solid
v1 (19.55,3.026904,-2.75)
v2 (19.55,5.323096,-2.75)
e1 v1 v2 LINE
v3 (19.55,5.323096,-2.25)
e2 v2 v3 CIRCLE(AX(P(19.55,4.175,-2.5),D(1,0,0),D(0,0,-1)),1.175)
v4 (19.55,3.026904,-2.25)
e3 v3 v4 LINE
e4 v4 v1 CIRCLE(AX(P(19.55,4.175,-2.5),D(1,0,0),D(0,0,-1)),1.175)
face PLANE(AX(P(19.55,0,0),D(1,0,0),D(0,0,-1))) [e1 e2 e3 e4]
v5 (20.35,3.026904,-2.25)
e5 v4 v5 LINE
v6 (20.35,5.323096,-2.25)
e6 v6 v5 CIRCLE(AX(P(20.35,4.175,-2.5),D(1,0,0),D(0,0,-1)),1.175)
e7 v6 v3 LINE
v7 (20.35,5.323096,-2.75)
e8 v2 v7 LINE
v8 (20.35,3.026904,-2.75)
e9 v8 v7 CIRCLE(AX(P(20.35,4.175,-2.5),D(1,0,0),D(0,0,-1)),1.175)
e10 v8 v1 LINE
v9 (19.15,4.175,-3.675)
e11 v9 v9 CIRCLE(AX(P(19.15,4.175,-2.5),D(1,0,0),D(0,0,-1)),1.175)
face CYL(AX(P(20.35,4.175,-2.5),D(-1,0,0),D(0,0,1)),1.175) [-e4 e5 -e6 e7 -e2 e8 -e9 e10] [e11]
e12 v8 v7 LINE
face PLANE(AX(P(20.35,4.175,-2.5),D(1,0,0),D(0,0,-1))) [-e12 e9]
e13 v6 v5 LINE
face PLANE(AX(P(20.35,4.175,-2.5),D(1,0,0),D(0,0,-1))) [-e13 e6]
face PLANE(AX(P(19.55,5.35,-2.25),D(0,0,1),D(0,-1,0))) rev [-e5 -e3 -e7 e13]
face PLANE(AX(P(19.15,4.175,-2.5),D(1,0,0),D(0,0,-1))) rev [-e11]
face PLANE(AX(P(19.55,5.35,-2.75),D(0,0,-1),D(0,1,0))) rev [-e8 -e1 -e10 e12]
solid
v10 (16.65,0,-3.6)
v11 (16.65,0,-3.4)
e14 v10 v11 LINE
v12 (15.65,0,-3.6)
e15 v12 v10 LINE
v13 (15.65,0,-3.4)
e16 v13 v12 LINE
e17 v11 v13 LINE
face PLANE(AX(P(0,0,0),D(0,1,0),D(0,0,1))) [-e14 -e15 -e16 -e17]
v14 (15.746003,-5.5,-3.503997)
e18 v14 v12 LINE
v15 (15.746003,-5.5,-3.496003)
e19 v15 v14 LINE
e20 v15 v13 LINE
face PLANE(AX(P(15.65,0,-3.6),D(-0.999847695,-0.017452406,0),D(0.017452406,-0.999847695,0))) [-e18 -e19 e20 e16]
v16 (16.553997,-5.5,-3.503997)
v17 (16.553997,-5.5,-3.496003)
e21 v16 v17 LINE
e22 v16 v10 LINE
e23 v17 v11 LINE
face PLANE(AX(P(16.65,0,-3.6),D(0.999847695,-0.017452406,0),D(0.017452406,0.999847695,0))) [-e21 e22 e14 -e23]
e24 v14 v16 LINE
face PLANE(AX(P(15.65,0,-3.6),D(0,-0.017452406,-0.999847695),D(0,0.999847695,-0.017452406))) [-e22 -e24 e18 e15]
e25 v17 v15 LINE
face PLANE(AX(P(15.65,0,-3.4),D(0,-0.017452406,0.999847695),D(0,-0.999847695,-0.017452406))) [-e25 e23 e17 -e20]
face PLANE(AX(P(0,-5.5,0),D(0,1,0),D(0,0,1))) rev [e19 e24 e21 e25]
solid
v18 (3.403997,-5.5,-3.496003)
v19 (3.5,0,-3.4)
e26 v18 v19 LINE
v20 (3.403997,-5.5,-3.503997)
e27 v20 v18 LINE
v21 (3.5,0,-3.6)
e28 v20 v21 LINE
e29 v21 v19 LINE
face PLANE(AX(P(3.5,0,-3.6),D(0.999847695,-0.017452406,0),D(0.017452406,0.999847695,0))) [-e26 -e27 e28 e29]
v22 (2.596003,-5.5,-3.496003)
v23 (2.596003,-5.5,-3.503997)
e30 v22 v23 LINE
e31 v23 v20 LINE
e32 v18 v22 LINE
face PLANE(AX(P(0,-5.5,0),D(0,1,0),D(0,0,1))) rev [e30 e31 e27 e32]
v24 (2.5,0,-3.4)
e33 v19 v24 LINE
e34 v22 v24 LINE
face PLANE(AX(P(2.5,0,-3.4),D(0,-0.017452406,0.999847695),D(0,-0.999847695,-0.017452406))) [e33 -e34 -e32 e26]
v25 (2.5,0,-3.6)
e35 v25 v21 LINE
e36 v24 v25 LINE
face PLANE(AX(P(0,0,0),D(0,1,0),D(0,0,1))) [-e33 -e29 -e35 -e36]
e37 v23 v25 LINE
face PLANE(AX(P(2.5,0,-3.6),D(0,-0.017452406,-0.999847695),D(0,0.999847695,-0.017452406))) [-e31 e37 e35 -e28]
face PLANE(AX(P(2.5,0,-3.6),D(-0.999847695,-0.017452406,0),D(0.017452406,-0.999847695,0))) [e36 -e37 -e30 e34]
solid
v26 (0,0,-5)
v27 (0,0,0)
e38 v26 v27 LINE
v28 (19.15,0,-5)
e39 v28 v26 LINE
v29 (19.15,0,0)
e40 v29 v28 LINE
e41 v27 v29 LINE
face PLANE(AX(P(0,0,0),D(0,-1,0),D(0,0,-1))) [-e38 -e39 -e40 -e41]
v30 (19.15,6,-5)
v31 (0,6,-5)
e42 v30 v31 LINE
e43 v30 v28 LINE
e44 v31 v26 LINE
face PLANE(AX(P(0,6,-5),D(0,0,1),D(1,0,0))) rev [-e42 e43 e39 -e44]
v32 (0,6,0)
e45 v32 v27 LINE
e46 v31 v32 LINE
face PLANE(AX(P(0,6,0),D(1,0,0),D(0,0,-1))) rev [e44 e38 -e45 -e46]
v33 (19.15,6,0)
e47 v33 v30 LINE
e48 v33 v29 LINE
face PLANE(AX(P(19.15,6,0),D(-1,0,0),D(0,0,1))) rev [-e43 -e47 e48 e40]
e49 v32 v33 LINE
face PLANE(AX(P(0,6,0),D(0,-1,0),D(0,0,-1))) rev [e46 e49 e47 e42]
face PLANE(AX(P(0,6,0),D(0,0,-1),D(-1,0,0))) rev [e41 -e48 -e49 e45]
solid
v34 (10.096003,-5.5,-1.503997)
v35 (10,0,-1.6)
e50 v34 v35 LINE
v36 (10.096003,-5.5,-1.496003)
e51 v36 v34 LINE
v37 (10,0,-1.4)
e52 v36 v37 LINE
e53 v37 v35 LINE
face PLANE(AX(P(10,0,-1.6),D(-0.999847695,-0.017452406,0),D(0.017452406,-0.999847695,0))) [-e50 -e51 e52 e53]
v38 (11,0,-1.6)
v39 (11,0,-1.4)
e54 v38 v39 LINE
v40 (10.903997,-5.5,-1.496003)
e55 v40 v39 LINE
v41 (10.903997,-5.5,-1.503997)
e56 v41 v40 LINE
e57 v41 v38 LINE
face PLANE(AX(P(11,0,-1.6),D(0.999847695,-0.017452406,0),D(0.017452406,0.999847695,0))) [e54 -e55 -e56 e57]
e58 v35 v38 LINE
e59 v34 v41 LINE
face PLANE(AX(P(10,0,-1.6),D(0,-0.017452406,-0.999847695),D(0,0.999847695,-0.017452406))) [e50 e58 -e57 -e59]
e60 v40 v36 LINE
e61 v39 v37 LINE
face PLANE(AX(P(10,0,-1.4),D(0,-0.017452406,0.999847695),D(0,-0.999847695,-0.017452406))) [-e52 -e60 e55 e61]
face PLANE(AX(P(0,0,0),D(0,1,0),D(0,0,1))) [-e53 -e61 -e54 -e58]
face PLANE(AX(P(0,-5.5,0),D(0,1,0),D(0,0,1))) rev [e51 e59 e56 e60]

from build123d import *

# Parameters (mm, degrees)
SKETCH1_W                     = 19.15
SKETCH1_H                     = 5
BOSS_EXTRUDE1_DEPTH           = 6
SKETCH3_R                     = 1.175
BOSS_EXTRUDE2_DEPTH           = 1.2
SKETCH4_W                     = 0.5
SKETCH4_H                     = 2.35
CUT_EXTRUDE1_DEPTH            = 0.8
SKETCH5_W                     = 1
SKETCH5_H                     = 0.2
BOSS_EXTRUDE3_DEPTH           = 5.5
BOSS_EXTRUDE3_DRAFT           = 1
BOSS_EXTRUDE3_PROFILE_2_DEPTH = 5.5
BOSS_EXTRUDE3_PROFILE_2_DRAFT = 1
BOSS_EXTRUDE3_PROFILE_3_DEPTH = 5.5
BOSS_EXTRUDE3_PROFILE_3_DRAFT = 1


with BuildPart() as part:
    # Sketch1 → Boss-Extrude1 (new body)
    with BuildSketch(Plane(origin=(0, 0, 0), x_dir=(1, 0, 0), z_dir=(0, 1, 0))):
        with Locations((9.575, 2.5)):
            Rectangle(SKETCH1_W, SKETCH1_H)
    extrude(amount=BOSS_EXTRUDE1_DEPTH)


with BuildPart() as body_2:
    # Sketch3 → Boss-Extrude2 (new body)
    with BuildSketch(Plane(origin=(19.15, 0, 0), x_dir=(0, 0, -1), z_dir=(1, 0, 0))):
        with Locations((2.5, 4.175)):
            Circle(SKETCH3_R)
    extrude(amount=BOSS_EXTRUDE2_DEPTH)

    # Sketch4 → Cut-Extrude1 (cut)
    with BuildSketch(Plane(origin=(20.35, 0, 0), x_dir=(0, 0, -1), z_dir=(1, 0, 0))):
        with Locations((2.5, 4.175)):
            Rectangle(SKETCH4_W, SKETCH4_H)
    extrude(amount=-CUT_EXTRUDE1_DEPTH, mode=Mode.SUBTRACT)


with BuildPart() as body_3:
    # Sketch5 → Boss-Extrude3 (with draft: the straight prism first)
    with BuildSketch(Plane.XZ):
        with Locations((3, -3.5)):
            Rectangle(SKETCH5_W, SKETCH5_H)
    extrude(amount=BOSS_EXTRUDE3_DEPTH)
    # Boss-Extrude3: the draft: its side faces are tilted about the plane it starts from
    boss_extrude3_sides = [body_3.faces().sort_by_distance(p)[0] for p in [
        (3, -2.75, -3.6),
        (3.5, -2.75, -3.5),
        (3, -2.75, -3.4),
        (2.5, -2.75, -3.5),
    ]]
    draft(boss_extrude3_sides, Plane.XZ, BOSS_EXTRUDE3_DRAFT)


with BuildPart() as body_4:
    # Sketch5 → Boss-Extrude3 profile 2 (with draft: the straight prism first)
    with BuildSketch(Plane.XZ):
        with Locations((10.5, -1.5)):
            Rectangle(SKETCH5_W, SKETCH5_H)
    extrude(amount=BOSS_EXTRUDE3_PROFILE_2_DEPTH)
    # Boss-Extrude3 profile 2: the draft: its side faces are tilted about the plane it starts from
    boss_extrude3_profile_2_sides = [body_4.faces().sort_by_distance(p)[0] for p in [
        (10.5, -2.75, -1.6),
        (11, -2.75, -1.5),
        (10.5, -2.75, -1.4),
        (10, -2.75, -1.5),
    ]]
    draft(boss_extrude3_profile_2_sides, Plane.XZ, BOSS_EXTRUDE3_PROFILE_2_DRAFT)


with BuildPart() as body_5:
    # Sketch5 → Boss-Extrude3 profile 3 (with draft: the straight prism first)
    with BuildSketch(Plane.XZ):
        with Locations((16.15, -3.5)):
            Rectangle(SKETCH5_W, SKETCH5_H)
    extrude(amount=BOSS_EXTRUDE3_PROFILE_3_DEPTH)
    # Boss-Extrude3 profile 3: the draft: its side faces are tilted about the plane it starts from
    boss_extrude3_profile_3_sides = [body_5.faces().sort_by_distance(p)[0] for p in [
        (16.15, -2.75, -3.6),
        (16.65, -2.75, -3.5),
        (16.15, -2.75, -3.4),
        (15.65, -2.75, -3.5),
    ]]
    draft(boss_extrude3_profile_3_sides, Plane.XZ, BOSS_EXTRUDE3_PROFILE_3_DRAFT)


solid = Compound([part.part, body_2.part, body_3.part, body_4.part, body_5.part])
